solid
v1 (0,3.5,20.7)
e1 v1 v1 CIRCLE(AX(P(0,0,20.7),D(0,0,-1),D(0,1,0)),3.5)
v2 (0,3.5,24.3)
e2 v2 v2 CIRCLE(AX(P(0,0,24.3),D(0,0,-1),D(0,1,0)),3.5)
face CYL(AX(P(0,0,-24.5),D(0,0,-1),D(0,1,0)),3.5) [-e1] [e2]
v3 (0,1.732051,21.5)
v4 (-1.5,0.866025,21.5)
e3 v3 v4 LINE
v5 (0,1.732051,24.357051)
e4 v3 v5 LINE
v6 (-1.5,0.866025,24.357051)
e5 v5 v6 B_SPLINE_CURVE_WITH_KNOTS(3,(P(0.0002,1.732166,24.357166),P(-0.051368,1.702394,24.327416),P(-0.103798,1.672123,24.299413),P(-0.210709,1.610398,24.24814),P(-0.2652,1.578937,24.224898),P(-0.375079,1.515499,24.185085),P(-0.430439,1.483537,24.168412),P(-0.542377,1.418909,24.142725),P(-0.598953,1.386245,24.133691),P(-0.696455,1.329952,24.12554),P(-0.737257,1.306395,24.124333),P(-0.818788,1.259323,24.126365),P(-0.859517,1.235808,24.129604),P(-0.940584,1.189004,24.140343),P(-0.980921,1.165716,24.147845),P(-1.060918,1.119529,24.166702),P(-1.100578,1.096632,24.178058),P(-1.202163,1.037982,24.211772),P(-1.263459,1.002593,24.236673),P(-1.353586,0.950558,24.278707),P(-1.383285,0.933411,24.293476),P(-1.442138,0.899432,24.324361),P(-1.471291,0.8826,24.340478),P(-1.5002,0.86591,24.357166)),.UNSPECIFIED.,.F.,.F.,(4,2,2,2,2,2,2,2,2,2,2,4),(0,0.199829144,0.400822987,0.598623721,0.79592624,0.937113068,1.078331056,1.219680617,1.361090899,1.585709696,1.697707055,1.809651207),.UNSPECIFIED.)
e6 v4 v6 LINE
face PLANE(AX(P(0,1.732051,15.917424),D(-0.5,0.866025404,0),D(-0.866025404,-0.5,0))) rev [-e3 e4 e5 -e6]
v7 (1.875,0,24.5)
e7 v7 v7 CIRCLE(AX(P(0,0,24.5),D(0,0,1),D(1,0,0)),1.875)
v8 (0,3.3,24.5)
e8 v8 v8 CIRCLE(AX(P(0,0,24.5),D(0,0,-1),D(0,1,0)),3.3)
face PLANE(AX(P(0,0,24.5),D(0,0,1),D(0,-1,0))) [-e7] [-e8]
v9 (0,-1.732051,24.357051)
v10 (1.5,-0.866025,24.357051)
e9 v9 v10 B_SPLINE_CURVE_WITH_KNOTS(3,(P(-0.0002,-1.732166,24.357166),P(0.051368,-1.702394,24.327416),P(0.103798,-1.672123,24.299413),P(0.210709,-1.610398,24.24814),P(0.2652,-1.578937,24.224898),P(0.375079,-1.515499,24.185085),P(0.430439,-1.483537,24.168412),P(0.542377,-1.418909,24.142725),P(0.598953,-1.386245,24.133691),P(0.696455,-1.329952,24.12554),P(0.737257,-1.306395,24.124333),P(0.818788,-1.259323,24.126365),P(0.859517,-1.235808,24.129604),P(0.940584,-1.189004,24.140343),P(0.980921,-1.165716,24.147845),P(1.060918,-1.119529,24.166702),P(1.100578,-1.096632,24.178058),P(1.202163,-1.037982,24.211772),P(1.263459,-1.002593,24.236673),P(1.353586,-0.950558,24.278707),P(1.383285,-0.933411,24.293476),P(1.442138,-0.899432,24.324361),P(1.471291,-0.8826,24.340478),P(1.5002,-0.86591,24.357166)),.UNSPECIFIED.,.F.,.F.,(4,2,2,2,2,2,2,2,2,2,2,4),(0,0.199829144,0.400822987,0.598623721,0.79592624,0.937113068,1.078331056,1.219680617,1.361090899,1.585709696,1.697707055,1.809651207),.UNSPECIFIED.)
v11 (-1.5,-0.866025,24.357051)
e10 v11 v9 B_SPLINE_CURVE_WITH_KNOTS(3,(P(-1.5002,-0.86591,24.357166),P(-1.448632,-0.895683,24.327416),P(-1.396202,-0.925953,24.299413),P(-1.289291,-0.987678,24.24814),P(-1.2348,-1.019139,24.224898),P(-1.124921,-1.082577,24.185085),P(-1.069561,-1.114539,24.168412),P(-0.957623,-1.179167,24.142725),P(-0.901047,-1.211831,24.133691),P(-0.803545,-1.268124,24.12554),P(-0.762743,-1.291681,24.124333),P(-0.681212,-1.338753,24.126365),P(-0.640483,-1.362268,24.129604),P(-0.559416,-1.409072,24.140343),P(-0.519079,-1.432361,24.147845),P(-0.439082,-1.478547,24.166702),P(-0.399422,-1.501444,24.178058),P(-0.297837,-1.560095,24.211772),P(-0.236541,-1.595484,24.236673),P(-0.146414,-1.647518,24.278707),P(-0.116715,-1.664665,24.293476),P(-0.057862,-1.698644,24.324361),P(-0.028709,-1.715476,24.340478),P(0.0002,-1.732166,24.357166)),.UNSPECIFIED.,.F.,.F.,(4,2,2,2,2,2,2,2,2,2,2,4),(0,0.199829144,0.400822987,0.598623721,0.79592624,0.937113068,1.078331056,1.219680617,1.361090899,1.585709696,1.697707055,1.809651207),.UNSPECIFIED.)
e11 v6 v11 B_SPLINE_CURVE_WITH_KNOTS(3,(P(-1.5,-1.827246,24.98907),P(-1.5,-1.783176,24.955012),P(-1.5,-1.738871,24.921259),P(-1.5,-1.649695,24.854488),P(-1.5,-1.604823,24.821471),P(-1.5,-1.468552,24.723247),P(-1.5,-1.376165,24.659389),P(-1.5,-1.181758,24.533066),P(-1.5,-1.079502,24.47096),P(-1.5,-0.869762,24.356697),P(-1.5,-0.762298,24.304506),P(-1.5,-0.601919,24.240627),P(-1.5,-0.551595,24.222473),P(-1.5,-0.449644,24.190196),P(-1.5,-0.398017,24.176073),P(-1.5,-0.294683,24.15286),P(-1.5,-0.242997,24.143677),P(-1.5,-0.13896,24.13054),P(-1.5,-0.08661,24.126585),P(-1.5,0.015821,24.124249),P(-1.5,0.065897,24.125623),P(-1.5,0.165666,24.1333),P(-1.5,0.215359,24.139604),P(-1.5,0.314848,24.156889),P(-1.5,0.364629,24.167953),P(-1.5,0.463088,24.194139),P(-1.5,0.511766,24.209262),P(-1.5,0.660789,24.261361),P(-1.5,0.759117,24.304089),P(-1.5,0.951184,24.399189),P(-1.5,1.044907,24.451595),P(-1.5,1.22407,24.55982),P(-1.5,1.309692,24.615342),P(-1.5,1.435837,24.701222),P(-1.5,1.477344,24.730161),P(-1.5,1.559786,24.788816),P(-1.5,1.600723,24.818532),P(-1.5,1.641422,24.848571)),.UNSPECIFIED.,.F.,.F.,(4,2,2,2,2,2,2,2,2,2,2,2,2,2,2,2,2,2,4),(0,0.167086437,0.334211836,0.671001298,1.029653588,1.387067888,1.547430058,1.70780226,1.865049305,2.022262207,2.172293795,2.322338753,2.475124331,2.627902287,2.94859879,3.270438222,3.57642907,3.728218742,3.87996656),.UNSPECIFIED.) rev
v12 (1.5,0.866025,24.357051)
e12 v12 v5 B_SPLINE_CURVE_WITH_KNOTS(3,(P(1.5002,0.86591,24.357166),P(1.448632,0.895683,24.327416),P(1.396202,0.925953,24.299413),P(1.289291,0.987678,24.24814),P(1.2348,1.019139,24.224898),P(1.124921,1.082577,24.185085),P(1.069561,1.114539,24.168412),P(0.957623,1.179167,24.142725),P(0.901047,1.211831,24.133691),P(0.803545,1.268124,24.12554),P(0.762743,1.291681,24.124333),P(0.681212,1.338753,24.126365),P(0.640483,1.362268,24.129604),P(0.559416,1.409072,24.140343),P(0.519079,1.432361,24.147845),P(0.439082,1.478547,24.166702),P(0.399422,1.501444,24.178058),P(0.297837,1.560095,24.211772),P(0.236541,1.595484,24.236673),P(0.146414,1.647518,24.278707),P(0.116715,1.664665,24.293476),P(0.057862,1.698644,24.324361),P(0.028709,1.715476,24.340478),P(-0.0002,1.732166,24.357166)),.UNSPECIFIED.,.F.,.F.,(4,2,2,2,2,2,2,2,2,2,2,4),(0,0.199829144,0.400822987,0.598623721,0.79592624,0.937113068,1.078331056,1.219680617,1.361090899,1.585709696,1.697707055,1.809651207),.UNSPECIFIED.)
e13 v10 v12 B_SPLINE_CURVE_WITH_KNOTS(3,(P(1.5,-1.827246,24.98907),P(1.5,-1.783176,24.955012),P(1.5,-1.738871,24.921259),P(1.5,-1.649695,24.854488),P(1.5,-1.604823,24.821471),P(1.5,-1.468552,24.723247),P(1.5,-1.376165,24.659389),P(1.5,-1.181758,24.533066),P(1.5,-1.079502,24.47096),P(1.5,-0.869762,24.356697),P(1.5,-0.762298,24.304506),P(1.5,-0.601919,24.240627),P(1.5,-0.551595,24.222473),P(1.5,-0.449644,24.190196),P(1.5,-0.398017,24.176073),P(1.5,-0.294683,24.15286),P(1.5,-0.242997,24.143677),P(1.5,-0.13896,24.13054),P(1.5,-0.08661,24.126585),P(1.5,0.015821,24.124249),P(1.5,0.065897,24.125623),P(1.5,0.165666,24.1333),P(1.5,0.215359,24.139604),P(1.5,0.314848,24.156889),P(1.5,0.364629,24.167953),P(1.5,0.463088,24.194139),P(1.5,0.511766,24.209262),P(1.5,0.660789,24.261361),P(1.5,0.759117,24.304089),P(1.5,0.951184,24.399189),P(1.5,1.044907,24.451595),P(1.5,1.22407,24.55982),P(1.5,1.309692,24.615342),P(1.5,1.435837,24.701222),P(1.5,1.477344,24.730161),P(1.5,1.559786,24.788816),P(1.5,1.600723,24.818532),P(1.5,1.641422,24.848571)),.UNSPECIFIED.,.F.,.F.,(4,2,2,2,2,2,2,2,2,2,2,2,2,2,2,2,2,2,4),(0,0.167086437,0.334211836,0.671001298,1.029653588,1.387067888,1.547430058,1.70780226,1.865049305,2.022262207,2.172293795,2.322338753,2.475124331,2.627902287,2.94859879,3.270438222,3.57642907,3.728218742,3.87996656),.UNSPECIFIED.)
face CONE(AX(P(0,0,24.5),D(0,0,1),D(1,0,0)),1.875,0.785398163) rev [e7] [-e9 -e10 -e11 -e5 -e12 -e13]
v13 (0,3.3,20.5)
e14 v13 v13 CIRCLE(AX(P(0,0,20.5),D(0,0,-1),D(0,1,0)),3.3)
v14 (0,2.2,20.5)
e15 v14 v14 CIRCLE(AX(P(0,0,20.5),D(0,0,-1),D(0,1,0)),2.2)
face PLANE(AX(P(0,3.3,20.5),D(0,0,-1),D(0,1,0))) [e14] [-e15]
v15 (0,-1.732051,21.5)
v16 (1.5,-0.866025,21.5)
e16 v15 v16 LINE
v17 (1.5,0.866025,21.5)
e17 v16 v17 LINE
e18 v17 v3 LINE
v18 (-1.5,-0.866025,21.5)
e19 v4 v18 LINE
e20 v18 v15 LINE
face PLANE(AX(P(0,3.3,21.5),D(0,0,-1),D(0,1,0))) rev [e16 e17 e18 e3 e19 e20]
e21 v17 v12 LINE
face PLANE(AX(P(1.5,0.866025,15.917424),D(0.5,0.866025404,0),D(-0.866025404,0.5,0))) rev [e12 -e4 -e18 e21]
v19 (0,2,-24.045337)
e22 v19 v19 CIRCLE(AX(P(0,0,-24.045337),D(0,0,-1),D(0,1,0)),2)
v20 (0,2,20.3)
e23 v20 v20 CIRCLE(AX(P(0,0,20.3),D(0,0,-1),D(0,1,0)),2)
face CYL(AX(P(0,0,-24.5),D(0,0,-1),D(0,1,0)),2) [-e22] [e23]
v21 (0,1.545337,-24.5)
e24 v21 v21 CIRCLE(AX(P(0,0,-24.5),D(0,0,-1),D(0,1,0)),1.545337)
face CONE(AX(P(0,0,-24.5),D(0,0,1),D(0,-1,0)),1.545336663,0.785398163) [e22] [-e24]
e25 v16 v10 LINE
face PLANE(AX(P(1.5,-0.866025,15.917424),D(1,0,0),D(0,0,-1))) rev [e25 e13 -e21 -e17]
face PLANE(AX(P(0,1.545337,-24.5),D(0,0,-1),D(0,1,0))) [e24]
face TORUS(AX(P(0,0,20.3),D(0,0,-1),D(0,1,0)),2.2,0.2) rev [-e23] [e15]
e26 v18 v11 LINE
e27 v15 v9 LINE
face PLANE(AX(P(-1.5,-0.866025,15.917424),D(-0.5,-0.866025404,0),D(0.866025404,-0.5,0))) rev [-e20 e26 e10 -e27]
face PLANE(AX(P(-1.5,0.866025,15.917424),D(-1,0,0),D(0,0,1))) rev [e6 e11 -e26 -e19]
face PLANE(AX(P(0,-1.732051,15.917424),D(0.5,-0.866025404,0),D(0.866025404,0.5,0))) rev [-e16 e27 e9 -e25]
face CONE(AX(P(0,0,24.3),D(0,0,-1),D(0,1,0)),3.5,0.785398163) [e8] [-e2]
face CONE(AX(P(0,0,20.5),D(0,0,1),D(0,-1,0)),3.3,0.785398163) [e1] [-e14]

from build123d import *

# Parameters (mm, degrees)
CUT_EXTRUDE1_DEPTH = 3


with BuildPart() as part:
    # Sketch2 → Revolve1 (revolve)
    with BuildSketch(Plane(origin=(0, 0, 0), x_dir=(0, 0, -1), z_dir=(1, 0, 0))):
        with BuildLine():
            Line((-24.5, 0), (-24.5, 3.3))
            Line((-24.5, 3.3), (-24.3, 3.5))
            Line((-24.3, 3.5), (-20.7, 3.5))
            Line((-20.7, 3.5), (-20.5, 3.3))
            Line((-20.5, 3.3), (-20.5, 2.2))
            ThreePointArc((-20.5, 2.2), (-20.441421356, 2.058578644), (-20.3, 2))
            Line((-20.3, 2), (24.045336663, 2))
            Line((24.045336663, 2), (24.5, 1.545336663))
            Line((24.5, 1.545336663), (24.5, 0))
            Line((24.5, 0), (-24.5, 0))
        make_face()
    revolve(axis=Axis((0, 0, -24.5), (0, 0, 1)))

    # Sketch3 → Cut-Extrude1 (cut)
    with BuildSketch(Plane.XY.offset(24.5)):
        Polygon((1.5, -0.866025404), (1.5, 0.866025404), (0, 1.732050808), (-1.5, 0.866025404), (-1.5, -0.866025404), (0, -1.732050808), align=None)
    extrude(amount=-CUT_EXTRUDE1_DEPTH, mode=Mode.SUBTRACT)

    # Cut-Extrude2 cone 1 section (through the dimple's axis) → Cut-Extrude2 (revolve, cut)
    with BuildSketch(Plane(origin=(0, 0, 24.5), x_dir=(0, -1, 0), z_dir=(1, 0, 0))):
        Polygon((0, 0), (1.875, 0), (0, 1.875), align=None)
    revolve(axis=Axis((0, 0, 24.5), (0, 0, -1)), mode=Mode.SUBTRACT)


solid = part.part
